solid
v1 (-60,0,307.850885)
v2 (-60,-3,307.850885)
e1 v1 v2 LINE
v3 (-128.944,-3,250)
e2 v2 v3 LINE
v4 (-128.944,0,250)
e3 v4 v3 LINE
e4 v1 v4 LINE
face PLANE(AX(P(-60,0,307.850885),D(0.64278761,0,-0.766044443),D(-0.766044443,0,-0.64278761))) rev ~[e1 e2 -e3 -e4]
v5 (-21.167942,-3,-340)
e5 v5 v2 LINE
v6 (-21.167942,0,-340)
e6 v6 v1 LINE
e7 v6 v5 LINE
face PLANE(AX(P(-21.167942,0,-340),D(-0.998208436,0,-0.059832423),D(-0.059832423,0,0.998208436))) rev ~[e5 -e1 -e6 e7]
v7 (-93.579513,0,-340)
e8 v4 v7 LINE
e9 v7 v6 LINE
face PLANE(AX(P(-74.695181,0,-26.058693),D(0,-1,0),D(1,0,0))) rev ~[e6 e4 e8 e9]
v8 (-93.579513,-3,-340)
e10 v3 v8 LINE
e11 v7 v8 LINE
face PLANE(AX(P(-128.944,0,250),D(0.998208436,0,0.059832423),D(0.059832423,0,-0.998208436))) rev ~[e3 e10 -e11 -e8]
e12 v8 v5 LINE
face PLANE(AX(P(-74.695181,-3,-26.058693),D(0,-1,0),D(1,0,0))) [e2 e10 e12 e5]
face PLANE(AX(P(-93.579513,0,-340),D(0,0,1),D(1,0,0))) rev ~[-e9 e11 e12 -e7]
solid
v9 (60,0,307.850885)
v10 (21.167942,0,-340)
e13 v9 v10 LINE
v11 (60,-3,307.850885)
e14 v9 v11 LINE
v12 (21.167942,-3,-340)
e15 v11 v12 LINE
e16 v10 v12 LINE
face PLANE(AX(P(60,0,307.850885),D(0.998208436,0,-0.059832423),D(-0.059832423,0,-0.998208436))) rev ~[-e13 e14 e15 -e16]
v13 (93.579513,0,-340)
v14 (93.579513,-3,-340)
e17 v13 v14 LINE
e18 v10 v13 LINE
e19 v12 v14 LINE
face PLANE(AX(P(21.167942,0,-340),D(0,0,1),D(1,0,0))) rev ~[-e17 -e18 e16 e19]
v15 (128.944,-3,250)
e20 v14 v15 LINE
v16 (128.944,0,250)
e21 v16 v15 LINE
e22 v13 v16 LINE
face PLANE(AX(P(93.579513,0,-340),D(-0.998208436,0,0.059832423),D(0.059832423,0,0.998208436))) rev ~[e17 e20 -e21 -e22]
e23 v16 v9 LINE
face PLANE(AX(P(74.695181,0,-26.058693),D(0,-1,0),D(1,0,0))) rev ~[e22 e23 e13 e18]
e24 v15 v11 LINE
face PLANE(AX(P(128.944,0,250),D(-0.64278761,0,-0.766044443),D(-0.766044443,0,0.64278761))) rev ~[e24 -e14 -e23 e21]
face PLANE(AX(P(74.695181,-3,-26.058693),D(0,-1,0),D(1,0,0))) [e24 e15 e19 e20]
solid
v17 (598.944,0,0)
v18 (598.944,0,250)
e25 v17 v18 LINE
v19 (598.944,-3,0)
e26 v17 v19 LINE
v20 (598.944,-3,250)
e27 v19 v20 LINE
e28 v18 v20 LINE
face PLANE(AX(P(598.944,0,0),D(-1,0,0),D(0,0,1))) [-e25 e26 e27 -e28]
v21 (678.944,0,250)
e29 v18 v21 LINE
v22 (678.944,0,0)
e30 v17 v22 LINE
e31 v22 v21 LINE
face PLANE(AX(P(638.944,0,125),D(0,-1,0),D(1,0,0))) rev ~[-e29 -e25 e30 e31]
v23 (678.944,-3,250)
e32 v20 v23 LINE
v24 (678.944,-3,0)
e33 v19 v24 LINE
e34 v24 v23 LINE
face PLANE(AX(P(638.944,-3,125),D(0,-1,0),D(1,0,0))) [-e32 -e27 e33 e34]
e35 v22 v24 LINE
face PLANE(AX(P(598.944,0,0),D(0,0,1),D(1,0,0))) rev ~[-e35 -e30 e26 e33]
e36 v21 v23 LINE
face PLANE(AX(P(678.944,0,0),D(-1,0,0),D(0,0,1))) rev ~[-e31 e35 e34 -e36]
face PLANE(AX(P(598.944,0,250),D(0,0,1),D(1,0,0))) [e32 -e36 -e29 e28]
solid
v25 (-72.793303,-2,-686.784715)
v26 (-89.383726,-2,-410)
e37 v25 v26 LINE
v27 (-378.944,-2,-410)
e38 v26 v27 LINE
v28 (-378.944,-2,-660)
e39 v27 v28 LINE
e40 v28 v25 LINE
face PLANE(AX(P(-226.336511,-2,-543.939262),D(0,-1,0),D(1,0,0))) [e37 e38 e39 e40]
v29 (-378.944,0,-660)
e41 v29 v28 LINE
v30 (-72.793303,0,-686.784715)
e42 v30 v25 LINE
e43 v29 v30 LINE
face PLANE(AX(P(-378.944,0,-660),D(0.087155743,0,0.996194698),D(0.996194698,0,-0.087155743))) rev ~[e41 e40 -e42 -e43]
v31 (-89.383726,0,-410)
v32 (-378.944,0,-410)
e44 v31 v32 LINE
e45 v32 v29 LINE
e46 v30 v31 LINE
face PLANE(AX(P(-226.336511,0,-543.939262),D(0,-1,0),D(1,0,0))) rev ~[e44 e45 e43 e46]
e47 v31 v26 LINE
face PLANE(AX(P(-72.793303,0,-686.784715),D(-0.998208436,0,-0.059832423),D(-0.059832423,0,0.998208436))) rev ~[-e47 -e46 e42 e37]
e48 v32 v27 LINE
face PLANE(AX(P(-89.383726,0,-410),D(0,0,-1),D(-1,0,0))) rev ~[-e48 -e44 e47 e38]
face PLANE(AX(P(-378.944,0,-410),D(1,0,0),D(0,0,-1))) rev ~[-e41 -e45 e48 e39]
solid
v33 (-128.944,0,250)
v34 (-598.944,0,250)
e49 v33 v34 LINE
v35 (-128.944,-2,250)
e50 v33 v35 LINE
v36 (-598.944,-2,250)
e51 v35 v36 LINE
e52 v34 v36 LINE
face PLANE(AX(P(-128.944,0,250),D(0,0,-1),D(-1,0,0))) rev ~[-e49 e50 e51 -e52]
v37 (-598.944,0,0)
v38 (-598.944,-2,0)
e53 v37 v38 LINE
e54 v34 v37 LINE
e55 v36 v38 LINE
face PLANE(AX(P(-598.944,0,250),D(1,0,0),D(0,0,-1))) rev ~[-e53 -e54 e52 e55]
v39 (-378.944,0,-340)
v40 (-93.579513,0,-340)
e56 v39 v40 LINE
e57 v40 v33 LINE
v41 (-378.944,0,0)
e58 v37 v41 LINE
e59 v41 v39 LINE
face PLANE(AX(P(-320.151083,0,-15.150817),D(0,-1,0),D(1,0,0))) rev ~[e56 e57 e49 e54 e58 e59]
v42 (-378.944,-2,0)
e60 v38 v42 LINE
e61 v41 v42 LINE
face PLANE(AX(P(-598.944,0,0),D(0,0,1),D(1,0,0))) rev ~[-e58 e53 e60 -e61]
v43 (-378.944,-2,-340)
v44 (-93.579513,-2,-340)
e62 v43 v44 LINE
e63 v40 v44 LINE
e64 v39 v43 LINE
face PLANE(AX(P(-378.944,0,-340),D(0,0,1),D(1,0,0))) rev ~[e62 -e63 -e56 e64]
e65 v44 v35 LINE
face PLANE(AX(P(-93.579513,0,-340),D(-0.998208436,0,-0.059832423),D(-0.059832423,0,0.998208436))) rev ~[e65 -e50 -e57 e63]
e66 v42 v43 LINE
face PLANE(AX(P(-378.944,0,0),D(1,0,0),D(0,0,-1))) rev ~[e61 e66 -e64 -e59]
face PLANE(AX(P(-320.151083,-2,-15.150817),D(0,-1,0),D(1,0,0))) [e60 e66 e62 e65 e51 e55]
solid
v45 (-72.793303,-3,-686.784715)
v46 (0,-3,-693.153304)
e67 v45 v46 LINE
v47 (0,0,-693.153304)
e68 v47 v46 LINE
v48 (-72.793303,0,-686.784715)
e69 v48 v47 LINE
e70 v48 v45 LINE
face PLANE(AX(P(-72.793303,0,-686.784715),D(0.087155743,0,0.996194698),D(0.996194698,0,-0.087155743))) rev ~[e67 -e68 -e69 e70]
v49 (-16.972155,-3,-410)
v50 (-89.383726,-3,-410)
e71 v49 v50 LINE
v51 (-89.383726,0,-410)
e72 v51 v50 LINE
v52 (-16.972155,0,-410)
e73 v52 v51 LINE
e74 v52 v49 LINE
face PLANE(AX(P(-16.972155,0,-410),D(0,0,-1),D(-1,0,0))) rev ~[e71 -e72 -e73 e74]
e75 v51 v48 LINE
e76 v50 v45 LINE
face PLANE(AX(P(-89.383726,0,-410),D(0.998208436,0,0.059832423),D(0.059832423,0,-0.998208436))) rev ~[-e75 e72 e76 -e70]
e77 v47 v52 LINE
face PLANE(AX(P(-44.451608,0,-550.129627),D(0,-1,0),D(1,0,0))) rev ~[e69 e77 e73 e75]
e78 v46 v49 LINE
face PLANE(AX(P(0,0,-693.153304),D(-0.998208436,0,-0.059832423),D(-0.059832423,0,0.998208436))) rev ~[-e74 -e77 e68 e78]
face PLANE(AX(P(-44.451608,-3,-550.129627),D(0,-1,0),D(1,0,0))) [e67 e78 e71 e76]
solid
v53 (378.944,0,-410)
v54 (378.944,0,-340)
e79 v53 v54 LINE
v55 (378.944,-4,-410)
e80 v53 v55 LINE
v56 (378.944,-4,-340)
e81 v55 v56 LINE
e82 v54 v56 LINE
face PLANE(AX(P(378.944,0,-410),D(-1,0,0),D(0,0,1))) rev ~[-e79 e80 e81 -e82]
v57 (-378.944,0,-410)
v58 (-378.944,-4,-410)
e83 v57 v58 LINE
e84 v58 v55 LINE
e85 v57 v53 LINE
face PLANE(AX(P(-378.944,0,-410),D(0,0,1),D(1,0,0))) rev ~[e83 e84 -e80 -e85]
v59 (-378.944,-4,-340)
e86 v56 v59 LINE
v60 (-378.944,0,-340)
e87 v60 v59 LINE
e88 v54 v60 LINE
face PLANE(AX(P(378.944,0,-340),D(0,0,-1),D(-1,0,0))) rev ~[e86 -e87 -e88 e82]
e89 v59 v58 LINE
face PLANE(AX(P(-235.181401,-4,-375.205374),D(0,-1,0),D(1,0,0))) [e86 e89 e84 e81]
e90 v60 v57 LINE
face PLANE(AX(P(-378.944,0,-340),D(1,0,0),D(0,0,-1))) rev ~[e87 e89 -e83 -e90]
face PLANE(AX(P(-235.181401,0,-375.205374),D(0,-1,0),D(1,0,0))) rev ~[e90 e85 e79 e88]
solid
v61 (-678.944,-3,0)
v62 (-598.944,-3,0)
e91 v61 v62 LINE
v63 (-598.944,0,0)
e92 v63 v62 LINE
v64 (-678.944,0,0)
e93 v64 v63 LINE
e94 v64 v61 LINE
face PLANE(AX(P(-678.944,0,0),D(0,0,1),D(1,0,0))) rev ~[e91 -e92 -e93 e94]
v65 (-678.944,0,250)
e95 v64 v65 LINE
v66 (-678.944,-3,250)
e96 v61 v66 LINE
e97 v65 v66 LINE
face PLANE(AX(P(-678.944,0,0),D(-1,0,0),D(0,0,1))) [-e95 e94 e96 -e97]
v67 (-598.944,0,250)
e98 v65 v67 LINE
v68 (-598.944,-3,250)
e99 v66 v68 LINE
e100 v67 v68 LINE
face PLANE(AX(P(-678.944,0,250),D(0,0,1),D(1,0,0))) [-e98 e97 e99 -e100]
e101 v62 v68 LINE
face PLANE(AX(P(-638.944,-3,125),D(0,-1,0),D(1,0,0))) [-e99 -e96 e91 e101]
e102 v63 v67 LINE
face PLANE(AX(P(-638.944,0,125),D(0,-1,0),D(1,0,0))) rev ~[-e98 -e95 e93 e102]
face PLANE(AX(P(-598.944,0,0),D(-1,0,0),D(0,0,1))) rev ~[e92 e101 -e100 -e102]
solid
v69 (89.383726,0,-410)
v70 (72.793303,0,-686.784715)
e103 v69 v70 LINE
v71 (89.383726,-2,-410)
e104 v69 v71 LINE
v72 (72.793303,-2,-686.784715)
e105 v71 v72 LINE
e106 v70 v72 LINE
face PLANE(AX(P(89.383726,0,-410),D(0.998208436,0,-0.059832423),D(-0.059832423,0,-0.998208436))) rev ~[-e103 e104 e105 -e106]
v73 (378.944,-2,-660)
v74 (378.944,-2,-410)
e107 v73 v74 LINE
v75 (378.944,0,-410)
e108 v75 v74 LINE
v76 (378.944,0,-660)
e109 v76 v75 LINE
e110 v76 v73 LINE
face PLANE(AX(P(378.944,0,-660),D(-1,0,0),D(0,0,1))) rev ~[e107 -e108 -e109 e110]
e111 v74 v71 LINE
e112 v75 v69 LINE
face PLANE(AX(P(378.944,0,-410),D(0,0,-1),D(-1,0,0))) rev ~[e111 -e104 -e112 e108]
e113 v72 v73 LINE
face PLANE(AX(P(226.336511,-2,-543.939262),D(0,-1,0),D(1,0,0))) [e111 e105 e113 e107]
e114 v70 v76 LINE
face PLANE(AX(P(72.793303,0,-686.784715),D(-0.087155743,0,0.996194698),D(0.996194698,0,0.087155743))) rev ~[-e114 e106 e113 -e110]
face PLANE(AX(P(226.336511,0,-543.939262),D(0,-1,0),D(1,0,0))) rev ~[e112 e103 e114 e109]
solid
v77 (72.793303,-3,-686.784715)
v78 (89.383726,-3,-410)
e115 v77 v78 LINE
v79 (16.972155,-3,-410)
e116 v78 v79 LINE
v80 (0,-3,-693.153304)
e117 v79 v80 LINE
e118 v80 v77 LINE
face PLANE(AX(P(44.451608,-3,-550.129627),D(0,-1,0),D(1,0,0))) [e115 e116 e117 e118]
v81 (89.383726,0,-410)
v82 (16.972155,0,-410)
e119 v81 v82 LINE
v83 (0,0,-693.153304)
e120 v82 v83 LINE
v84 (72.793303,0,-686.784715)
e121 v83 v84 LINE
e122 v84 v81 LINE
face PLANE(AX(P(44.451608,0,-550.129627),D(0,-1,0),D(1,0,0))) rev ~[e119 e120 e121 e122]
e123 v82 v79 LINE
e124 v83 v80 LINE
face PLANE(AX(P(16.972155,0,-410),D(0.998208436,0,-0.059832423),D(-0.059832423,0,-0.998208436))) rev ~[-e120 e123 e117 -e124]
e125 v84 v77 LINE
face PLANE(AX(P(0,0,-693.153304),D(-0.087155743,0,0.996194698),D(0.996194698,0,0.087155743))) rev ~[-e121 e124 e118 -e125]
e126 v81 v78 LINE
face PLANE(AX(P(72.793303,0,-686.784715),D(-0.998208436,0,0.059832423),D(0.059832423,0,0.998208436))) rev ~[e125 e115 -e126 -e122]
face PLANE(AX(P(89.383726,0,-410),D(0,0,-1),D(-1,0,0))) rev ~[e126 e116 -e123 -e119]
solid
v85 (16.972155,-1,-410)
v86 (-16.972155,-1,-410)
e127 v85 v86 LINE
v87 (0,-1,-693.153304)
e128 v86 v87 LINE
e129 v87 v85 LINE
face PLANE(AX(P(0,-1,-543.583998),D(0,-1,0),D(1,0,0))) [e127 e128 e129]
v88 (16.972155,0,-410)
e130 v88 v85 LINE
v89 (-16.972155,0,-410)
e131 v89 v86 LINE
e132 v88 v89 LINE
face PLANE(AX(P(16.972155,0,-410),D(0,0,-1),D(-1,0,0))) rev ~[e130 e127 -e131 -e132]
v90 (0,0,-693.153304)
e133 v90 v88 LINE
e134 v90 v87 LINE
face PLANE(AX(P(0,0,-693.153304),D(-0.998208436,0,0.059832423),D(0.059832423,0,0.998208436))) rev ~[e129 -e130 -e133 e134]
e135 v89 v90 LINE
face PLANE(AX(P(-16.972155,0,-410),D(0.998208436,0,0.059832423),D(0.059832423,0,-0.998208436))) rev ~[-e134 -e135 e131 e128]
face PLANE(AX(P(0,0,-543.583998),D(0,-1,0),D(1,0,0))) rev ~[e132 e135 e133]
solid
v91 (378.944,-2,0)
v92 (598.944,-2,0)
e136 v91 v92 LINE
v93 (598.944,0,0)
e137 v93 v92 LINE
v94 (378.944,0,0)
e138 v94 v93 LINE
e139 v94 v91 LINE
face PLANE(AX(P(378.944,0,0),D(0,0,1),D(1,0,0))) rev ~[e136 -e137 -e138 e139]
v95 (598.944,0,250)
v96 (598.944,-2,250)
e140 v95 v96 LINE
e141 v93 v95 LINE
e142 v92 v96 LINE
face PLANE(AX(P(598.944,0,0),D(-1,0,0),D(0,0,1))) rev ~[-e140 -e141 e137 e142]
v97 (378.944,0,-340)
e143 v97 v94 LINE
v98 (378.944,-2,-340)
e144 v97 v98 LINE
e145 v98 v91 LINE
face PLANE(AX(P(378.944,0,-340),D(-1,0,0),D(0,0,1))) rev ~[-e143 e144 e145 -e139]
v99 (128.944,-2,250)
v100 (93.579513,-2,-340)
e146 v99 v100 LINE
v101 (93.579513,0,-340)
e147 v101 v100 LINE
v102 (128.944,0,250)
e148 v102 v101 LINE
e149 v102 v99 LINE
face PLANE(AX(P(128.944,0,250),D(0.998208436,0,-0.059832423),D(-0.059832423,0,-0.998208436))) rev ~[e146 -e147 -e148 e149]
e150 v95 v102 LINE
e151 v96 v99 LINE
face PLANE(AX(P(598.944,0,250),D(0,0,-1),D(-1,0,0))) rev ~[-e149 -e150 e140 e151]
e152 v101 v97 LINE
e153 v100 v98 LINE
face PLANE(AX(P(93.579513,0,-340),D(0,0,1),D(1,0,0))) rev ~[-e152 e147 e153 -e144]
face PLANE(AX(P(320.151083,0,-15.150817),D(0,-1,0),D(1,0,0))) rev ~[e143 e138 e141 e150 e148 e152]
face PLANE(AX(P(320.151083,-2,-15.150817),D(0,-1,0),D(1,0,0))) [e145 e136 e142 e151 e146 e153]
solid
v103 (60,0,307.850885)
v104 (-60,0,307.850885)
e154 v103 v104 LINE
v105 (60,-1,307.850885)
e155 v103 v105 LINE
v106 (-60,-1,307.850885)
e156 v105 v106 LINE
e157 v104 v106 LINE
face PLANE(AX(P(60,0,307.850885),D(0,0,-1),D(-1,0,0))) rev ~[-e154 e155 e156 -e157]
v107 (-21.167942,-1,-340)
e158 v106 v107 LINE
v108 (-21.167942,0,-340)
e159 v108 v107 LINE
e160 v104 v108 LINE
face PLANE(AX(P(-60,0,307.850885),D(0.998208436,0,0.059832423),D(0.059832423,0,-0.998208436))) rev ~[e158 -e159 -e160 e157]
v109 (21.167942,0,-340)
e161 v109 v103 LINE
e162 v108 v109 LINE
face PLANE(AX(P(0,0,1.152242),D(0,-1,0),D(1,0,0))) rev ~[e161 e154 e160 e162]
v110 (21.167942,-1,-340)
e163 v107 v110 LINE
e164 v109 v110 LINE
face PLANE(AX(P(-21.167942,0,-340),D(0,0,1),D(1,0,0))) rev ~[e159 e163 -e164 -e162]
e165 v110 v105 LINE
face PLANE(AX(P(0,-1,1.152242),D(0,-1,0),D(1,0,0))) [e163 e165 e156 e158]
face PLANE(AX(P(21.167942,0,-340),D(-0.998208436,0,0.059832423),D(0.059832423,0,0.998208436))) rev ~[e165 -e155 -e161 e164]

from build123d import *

# Parameters (mm, degrees)
F1_DEPTH = 1
F2_DEPTH = 2
F0_W     = 80
F0_H     = 250
F3_DEPTH = 3
F4_DEPTH = 4


with BuildPart() as f1:
    # F0 (on Front) → F1 (new body)
    with BuildSketch(Plane.XZ):
        Polygon((-60, 307.8508848718), (-21.1679416325, -340), (21.1679416325, -340), (60, 307.8508848718), (0, 307.8508848718), align=None)
    extrude(amount=F1_DEPTH)


with BuildPart() as f1b:
    # F0 (on Front) → F1, piece 2 (new body)
    with BuildSketch(Plane.XZ):
        Polygon((16.9721549952, -410), (-16.9721549952, -410), (0, -693.1533041007), align=None)
    extrude(amount=F1_DEPTH)


with BuildPart() as f2:
    # F0 (on Front) → F2 (new body)
    with BuildSketch(Plane.XZ):
        Polygon((128.9439998807, 250), (93.5795125089, -340), (378.9439998807, -340), (378.9439998807, 0), (598.9439998807, 0), (598.9439998807, 250), align=None)
    extrude(amount=F2_DEPTH)


with BuildPart() as f2b:
    # F0 (on Front) → F2, piece 2 (new body)
    with BuildSketch(Plane.XZ):
        Polygon((-598.9439998807, 0), (-378.9439998807, 0), (-378.9439998807, -340), (-93.5795125089, -340), (-128.9439998807, 250), (-598.9439998807, 250), align=None)
    extrude(amount=F2_DEPTH)


with BuildPart() as f2c:
    # F0 (on Front) → F2, piece 3 (new body)
    with BuildSketch(Plane.XZ):
        Polygon((-89.3837258716, -410), (-378.9439998807, -410), (-378.9439998807, -660), (-72.7933028723, -686.7847153188), align=None)
    extrude(amount=F2_DEPTH)


with BuildPart() as f2d:
    # F0 (on Front) → F2, piece 4 (new body)
    with BuildSketch(Plane.XZ):
        Polygon((89.3837258716, -410), (72.7933028723, -686.7847153188), (378.9439998807, -660), (378.9439998807, -410), align=None)
    extrude(amount=F2_DEPTH)


with BuildPart() as f3:
    # F0 (on Front) → F3 (new body)
    with BuildSketch(Plane.XZ):
        with Locations((638.9439998807, 125)):
            Rectangle(F0_W, F0_H)
    extrude(amount=F3_DEPTH)


with BuildPart() as f3b:
    # F0 (on Front) → F3, piece 2 (new body)
    with BuildSketch(Plane.XZ):
        Polygon((60, 307.8508848718), (21.1679416325, -340), (93.5795125089, -340), (128.9439998807, 250), align=None)
    extrude(amount=F3_DEPTH)


with BuildPart() as f3c:
    # F0 (on Front) → F3, piece 3 (new body)
    with BuildSketch(Plane.XZ):
        Polygon((-128.9439998807, 250), (-93.5795125089, -340), (-21.1679416325, -340), (-60, 307.8508848718), align=None)
    extrude(amount=F3_DEPTH)


with BuildPart() as f3d:
    # F0 (on Front) → F3, piece 4 (new body)
    with BuildSketch(Plane.XZ):
        with Locations((-638.9439998807, 125)):
            Rectangle(F0_W, F0_H)
    extrude(amount=F3_DEPTH)


with BuildPart() as f3e:
    # F0 (on Front) → F3, piece 5 (new body)
    with BuildSketch(Plane.XZ):
        Polygon((-16.9721549952, -410), (-89.3837258716, -410), (-72.7933028723, -686.7847153188), (0, -693.1533041007), align=None)
    extrude(amount=F3_DEPTH)


with BuildPart() as f3f:
    # F0 (on Front) → F3, piece 6 (new body)
    with BuildSketch(Plane.XZ):
        Polygon((16.9721549952, -410), (0, -693.1533041007), (72.7933028723, -686.7847153188), (89.3837258716, -410), align=None)
    extrude(amount=F3_DEPTH)


with BuildPart() as f4:
    # F0 (on Front) → F4 (new body)
    with BuildSketch(Plane.XZ):
        Polygon((-93.5795125089, -340), (-378.9439998807, -340), (-378.9439998807, -410), (-89.3837258716, -410), align=None)
        Polygon((-21.1679416325, -340), (-93.5795125089, -340), (-89.3837258716, -410), (-16.9721549952, -410), align=None)
        Polygon((93.5795125089, -340), (21.1679416325, -340), (16.9721549952, -410), (89.3837258716, -410), align=None)
        Polygon((378.9439998807, -340), (93.5795125089, -340), (89.3837258716, -410), (378.9439998807, -410), align=None)
        Polygon((21.1679416325, -340), (-21.1679416325, -340), (-16.9721549952, -410), (16.9721549952, -410), align=None)
    extrude(amount=F4_DEPTH)


solid = Compound([f1.part, f1b.part, f2.part, f2b.part, f2c.part, f2d.part, f3.part, f3b.part, f3c.part, f3d.part, f3e.part, f3f.part, f4.part])
